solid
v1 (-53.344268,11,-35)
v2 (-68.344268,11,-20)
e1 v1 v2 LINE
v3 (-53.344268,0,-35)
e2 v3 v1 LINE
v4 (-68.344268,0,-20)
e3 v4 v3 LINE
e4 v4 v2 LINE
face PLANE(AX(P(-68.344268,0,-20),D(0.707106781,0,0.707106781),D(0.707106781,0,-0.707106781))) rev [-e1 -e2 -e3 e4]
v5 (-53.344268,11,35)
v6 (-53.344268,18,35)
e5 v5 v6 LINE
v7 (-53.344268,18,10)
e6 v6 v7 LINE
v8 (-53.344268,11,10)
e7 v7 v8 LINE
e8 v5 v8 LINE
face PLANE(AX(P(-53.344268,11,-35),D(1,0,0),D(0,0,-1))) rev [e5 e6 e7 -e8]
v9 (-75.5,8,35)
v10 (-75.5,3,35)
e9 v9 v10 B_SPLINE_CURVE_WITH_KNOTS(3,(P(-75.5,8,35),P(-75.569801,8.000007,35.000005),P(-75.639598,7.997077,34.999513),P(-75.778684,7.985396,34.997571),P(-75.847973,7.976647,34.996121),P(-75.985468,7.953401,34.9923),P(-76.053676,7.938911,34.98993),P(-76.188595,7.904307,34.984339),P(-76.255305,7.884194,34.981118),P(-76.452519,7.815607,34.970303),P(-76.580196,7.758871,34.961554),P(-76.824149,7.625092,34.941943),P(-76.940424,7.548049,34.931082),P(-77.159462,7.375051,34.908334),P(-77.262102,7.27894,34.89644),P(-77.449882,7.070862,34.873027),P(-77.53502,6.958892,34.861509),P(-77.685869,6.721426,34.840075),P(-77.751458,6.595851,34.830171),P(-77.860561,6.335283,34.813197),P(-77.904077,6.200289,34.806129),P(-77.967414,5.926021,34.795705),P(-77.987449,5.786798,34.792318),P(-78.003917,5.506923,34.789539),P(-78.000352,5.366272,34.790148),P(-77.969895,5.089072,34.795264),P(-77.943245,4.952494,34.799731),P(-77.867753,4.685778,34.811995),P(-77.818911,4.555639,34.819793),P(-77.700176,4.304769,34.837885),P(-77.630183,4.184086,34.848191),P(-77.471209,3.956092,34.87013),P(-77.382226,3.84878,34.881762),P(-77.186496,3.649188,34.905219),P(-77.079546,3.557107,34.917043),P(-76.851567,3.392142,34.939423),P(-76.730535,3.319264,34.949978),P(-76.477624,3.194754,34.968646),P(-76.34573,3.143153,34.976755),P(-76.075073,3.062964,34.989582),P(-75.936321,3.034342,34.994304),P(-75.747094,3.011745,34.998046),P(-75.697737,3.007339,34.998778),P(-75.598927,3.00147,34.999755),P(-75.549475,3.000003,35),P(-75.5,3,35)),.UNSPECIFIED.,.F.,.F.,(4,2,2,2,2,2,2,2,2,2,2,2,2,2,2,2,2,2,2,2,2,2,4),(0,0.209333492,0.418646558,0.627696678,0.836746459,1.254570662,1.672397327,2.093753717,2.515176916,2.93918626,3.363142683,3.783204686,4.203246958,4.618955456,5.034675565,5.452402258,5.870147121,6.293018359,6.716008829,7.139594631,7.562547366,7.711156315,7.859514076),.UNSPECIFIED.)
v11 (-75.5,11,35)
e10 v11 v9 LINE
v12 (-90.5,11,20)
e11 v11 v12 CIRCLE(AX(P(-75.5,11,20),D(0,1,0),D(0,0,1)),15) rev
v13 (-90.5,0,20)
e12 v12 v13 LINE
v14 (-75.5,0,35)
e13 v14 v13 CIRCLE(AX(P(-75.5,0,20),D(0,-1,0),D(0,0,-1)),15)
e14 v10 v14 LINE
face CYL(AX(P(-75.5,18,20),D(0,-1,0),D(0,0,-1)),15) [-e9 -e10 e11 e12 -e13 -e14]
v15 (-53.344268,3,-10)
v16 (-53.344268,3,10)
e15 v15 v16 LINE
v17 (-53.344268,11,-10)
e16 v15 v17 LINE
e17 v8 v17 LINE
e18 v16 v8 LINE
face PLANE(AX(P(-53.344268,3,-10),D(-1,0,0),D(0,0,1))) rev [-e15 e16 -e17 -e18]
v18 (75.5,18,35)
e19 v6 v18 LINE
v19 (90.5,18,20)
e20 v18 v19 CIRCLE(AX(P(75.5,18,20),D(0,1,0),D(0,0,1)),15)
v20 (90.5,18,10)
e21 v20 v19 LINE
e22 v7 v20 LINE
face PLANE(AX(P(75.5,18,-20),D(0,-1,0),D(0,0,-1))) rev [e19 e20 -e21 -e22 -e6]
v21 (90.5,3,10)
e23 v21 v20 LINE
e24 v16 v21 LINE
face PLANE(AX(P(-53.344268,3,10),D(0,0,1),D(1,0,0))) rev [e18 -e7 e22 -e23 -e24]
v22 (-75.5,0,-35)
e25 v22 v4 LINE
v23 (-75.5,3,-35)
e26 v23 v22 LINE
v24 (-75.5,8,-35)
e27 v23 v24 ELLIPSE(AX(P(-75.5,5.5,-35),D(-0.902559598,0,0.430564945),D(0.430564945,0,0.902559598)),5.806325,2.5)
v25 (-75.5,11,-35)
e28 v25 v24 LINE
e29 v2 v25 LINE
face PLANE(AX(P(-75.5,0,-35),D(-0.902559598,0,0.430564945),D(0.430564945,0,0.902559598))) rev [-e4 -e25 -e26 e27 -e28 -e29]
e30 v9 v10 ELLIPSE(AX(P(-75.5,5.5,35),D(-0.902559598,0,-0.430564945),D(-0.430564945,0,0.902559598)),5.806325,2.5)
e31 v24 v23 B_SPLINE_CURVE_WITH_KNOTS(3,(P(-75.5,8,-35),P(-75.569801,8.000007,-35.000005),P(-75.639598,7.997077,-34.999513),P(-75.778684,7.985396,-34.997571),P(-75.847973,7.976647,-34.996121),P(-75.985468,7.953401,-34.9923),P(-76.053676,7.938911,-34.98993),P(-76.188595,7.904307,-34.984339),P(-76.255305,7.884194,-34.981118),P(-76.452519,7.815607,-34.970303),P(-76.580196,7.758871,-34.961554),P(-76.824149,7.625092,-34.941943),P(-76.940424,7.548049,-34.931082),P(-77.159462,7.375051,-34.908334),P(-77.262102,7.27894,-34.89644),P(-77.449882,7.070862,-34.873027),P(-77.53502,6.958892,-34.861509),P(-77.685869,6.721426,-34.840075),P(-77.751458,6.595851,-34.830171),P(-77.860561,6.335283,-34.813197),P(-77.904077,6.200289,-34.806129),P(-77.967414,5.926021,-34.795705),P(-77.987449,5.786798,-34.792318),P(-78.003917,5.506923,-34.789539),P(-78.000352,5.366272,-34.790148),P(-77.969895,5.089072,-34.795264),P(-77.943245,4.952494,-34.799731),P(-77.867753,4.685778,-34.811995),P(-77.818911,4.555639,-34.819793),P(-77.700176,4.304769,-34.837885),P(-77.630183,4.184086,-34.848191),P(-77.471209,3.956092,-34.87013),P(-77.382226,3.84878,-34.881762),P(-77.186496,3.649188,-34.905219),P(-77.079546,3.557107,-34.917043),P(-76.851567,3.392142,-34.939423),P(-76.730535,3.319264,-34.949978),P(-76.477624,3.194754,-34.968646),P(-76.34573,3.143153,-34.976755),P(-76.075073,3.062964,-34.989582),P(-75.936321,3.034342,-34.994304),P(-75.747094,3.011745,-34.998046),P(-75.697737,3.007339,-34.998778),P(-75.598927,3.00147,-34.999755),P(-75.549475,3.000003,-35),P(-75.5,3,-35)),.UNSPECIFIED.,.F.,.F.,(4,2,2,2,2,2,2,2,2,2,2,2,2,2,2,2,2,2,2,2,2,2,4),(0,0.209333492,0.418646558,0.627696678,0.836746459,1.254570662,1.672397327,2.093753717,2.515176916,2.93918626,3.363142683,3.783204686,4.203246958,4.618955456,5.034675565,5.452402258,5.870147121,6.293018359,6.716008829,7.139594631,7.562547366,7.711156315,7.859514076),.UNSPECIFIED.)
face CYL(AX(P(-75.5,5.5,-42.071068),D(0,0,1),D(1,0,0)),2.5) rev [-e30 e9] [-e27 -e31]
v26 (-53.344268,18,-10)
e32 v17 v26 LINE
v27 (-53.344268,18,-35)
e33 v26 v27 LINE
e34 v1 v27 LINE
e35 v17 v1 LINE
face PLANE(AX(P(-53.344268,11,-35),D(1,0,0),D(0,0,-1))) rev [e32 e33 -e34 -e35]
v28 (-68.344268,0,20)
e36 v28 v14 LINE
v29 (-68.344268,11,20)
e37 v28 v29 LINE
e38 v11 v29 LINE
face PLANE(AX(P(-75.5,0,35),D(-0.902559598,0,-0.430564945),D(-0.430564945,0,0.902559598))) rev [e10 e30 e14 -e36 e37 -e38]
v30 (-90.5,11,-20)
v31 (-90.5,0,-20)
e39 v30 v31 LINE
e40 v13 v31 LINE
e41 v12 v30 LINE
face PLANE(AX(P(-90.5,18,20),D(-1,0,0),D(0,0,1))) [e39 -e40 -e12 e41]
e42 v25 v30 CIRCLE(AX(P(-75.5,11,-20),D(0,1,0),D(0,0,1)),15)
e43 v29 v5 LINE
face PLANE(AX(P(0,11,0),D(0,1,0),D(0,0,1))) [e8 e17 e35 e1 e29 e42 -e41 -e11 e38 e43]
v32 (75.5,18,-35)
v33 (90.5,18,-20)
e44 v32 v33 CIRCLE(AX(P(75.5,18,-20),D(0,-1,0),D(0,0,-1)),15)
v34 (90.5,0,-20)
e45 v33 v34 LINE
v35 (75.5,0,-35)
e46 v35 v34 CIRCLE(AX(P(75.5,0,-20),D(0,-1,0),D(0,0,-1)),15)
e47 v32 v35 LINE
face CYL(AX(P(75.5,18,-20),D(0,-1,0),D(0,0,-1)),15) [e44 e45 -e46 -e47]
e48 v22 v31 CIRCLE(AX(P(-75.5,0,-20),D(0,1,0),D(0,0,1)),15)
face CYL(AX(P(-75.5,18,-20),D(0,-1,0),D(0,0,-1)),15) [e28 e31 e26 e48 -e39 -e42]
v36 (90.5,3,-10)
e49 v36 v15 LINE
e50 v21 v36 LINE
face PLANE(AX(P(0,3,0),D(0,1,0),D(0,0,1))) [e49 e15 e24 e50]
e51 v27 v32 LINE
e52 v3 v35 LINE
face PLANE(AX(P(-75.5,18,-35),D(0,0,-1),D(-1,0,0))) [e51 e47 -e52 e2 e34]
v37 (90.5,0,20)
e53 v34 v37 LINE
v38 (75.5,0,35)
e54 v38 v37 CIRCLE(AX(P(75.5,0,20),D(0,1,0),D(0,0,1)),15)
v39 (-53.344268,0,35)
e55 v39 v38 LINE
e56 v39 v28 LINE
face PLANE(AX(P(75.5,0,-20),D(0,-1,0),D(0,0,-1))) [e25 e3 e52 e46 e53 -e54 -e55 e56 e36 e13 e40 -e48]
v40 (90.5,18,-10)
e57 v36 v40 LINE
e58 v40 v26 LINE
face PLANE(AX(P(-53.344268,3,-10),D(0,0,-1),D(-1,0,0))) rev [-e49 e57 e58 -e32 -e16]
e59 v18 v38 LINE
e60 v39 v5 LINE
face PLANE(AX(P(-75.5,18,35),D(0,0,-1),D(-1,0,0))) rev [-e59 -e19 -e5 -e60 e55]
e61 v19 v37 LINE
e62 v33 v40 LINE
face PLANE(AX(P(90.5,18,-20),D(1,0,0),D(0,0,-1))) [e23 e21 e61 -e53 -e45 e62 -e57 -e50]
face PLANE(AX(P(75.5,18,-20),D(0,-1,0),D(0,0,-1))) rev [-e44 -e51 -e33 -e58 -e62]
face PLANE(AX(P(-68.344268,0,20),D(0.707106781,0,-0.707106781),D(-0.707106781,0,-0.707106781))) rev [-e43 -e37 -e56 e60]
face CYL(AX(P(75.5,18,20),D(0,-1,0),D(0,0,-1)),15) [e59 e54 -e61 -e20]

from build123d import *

# Parameters (mm, degrees)
BOSS_EXTRUDE1_DEPTH = 18
CUT_EXTRUDE1_DEPTH  = 18
CUT_EXTRUDE2_DEPTH  = 18
SKETCH4_W           = 45.12531779
SKETCH4_H           = 70
CUT_EXTRUDE3_DEPTH  = 7
SKETCH5_R           = 2.5
CUT_EXTRUDE4_DEPTH  = 70
SKETCH6_W           = 143.844268465
SKETCH6_H           = 20
CUT_EXTRUDE5_DEPTH  = 15


with BuildPart() as part:
    # Sketch1 → Boss-Extrude1 (new body)
    with BuildSketch(Plane(origin=(0, 0, 0), x_dir=(1, 0, 0), z_dir=(0, 1, 0))):
        with BuildLine():
            Line((-90.5, -20), (-90.5, 20))
            ThreePointArc((-90.5, 20), (-86.106601718, 30.606601718), (-75.5, 35))
            Line((-75.5, 35), (75.5, 35))
            ThreePointArc((75.5, 35), (86.106601718, 30.606601718), (90.5, 20))
            Line((90.5, 20), (90.5, -20))
            ThreePointArc((90.5, -20), (86.106601718, -30.606601718), (75.5, -35))
            Line((75.5, -35), (-75.5, -35))
            ThreePointArc((-75.5, -35), (-86.106601718, -30.606601718), (-90.5, -20))
        make_face()
    extrude(amount=BOSS_EXTRUDE1_DEPTH)

    # Sketch3 → Cut-Extrude1 (cut)
    with BuildSketch(Plane(origin=(0, 18, 0), x_dir=(1, 0, 0), z_dir=(0, 1, 0))):
        Polygon((-75.5, 35), (-68.344268465, 20), (-53.344268465, 35), align=None)
    extrude(amount=-CUT_EXTRUDE1_DEPTH, mode=Mode.SUBTRACT)

    # Sketch3<3> → Cut-Extrude2 (cut)
    with BuildSketch(Plane(origin=(0, 18, 0), x_dir=(1, 0, 0), z_dir=(0, 1, 0))):
        Polygon((-75.5, 35), (-68.344268465, 20), (-53.344268465, 35), align=None)
        Polygon((-75.5, -35), (-68.344268465, -20), (-53.344268465, -35), align=None)
    extrude(amount=-CUT_EXTRUDE2_DEPTH, mode=Mode.SUBTRACT)

    # Sketch4 → Cut-Extrude3 (cut)
    with BuildSketch(Plane(origin=(0, 18, 0), x_dir=(1, 0, 0), z_dir=(0, 1, 0))):
        with Locations((-75.90692736, 0)):
            Rectangle(SKETCH4_W, SKETCH4_H)
    extrude(amount=-CUT_EXTRUDE3_DEPTH, mode=Mode.SUBTRACT)

    # Sketch5 → Cut-Extrude4 (cut)
    with BuildSketch(Plane.XY.offset(35)):
        with Locations((-75.5, 5.5)):
            Circle(SKETCH5_R)
    extrude(amount=-CUT_EXTRUDE4_DEPTH, mode=Mode.SUBTRACT)

    # Sketch6 → Cut-Extrude5 (cut)
    with BuildSketch(Plane(origin=(0, 18, 0), x_dir=(1, 0, 0), z_dir=(0, 1, 0))):
        with Locations((18.577865767, 0)):
            Rectangle(SKETCH6_W, SKETCH6_H)
    extrude(amount=-CUT_EXTRUDE5_DEPTH, mode=Mode.SUBTRACT)


solid = part.part
